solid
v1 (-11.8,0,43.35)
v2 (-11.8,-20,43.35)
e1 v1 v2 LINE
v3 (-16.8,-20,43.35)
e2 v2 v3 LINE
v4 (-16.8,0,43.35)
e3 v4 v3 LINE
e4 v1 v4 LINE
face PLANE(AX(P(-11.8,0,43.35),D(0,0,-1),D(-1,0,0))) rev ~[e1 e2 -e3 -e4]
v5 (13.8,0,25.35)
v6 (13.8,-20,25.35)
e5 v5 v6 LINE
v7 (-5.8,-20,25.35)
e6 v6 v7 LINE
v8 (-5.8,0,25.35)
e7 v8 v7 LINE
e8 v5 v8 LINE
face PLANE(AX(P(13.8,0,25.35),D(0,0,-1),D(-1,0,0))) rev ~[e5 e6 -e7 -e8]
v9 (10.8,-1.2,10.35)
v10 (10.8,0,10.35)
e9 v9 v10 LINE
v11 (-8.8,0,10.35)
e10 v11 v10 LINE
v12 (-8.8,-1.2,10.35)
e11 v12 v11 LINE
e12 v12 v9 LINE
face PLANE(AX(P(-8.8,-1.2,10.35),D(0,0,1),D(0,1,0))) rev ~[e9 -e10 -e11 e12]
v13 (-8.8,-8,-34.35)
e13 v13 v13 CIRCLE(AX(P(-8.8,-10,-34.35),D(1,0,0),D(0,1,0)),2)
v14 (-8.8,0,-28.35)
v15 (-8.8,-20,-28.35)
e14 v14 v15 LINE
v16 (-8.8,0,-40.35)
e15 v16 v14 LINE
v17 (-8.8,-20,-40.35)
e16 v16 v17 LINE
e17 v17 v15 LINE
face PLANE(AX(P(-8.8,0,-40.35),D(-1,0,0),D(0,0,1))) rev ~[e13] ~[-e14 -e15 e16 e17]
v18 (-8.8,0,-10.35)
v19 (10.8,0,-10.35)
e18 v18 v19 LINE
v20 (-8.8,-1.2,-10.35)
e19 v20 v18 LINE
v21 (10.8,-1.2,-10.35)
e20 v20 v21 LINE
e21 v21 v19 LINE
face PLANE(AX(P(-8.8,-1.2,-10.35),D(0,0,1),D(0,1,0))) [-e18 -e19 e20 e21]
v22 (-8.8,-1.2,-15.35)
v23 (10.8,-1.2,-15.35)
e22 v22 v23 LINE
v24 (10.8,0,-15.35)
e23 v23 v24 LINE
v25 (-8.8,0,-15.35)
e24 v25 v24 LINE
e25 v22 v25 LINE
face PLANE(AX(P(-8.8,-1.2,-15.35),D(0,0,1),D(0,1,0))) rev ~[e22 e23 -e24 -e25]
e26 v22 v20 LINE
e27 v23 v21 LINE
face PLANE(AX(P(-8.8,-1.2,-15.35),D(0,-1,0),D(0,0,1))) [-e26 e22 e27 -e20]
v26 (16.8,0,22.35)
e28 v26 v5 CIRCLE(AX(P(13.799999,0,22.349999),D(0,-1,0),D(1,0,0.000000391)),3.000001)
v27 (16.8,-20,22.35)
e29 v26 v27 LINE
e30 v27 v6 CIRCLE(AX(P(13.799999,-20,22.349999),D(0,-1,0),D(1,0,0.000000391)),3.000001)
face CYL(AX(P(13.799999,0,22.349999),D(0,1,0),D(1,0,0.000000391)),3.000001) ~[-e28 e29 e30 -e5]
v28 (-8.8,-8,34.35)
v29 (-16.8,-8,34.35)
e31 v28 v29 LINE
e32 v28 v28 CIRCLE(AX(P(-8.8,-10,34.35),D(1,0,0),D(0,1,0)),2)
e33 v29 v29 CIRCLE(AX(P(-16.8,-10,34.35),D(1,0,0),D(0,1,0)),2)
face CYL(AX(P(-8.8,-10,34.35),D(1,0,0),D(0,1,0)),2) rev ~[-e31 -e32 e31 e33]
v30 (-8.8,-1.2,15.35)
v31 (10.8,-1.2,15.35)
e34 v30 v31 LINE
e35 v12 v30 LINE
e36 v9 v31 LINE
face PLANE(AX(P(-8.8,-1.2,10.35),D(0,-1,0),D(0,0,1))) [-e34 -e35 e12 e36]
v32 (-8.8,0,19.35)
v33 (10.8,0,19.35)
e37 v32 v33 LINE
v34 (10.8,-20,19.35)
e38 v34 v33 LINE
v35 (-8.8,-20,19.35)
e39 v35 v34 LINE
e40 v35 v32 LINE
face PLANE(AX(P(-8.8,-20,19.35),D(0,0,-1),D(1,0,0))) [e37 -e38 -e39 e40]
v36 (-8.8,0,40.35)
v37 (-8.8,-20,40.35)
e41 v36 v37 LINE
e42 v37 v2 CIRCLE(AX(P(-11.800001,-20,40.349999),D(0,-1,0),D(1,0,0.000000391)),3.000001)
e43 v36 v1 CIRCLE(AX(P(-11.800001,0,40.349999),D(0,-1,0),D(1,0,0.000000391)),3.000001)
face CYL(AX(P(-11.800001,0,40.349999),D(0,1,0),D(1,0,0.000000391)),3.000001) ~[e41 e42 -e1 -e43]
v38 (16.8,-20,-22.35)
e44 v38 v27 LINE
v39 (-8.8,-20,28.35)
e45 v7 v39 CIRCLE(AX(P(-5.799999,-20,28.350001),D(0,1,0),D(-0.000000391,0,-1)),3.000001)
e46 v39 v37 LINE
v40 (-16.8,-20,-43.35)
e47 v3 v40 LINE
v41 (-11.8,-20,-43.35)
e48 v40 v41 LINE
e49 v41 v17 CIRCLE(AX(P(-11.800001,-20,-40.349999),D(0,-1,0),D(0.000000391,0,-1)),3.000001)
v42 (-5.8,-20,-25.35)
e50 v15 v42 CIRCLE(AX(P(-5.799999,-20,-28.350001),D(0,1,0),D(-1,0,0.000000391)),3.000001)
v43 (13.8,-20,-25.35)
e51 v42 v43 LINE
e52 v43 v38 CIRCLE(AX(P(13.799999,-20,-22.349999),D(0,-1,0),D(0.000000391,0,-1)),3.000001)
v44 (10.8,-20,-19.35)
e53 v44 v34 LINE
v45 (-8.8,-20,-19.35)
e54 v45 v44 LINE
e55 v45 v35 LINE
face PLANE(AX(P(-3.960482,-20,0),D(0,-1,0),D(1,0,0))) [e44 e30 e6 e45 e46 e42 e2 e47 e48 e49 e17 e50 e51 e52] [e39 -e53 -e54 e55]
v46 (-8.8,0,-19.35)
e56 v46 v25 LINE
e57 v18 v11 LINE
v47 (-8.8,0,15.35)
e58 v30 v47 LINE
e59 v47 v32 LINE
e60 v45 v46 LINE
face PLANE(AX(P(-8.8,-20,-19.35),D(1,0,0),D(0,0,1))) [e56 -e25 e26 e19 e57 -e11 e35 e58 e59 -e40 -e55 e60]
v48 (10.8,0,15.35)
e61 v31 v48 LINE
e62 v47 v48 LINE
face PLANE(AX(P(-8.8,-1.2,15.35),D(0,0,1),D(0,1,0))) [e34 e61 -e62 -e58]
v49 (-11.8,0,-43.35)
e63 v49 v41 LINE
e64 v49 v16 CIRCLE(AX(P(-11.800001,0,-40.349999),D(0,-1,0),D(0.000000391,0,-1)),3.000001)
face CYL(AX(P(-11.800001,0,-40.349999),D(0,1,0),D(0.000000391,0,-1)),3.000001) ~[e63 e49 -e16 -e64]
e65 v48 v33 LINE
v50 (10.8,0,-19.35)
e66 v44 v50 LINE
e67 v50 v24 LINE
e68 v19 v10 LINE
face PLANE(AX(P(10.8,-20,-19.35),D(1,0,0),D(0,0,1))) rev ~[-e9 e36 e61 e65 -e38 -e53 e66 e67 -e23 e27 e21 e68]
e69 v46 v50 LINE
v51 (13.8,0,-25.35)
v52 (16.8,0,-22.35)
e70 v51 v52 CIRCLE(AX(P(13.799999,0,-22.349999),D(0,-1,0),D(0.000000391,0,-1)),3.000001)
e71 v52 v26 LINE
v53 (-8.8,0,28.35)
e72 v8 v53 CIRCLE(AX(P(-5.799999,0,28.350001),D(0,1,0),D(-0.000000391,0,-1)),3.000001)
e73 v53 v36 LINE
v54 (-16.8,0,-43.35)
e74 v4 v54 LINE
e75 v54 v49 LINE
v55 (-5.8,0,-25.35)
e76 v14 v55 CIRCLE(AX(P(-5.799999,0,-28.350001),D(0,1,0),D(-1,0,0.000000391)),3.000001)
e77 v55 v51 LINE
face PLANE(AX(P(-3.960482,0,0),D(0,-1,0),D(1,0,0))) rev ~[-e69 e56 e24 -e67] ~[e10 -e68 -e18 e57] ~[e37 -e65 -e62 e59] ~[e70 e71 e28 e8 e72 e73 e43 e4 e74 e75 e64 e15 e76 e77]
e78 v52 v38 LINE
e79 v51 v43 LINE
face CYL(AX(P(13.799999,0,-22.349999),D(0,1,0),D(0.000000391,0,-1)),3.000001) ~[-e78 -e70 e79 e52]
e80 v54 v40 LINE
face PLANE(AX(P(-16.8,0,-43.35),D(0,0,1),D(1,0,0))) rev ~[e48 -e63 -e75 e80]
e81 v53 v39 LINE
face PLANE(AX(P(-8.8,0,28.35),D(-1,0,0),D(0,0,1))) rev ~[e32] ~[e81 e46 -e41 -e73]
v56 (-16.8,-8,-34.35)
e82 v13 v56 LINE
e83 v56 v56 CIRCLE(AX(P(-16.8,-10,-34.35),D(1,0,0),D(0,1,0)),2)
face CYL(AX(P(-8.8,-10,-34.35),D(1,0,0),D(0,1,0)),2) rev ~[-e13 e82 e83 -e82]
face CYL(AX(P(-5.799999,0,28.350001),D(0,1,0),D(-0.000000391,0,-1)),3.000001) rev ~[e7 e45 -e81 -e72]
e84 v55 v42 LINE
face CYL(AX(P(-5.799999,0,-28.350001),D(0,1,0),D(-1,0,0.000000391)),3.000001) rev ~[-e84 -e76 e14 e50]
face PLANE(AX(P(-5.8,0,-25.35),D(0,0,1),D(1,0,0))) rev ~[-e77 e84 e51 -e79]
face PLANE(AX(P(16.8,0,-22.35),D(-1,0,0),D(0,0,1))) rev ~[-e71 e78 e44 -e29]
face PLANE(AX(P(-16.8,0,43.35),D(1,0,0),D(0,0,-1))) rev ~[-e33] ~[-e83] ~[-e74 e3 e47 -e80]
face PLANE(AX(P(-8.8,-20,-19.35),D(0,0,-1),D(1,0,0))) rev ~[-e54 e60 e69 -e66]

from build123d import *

# Parameters (mm, degrees)
F1_DEPTH = 20
F2_W     = 19.6
F2_H     = 38.7
F3_DEPTH = 25
F4_R     = 2
F5_DEPTH = 25
F6_W     = 1.2
F6_H     = 5
F7_DEPTH = 19.6


with BuildPart() as f1:
    # F0 (on Front) → F1 (new body)
    with BuildSketch(Plane.XZ):
        with BuildLine():
            Line((-5.8, -25.35), (13.8, -25.35))
            ThreePointArc((13.8, -25.35), (15.92132, -24.47132), (16.8, -22.35))
            Line((16.8, -22.35), (16.8, 22.35))
            ThreePointArc((16.8, 22.35), (15.92132, 24.47132), (13.8, 25.35))
            Line((13.8, 25.35), (-5.8, 25.35))
            ThreePointArc((-5.8, 25.35), (-7.92132, 26.22868), (-8.8, 28.35))
            Line((-8.8, 28.35), (-8.8, 40.35))
            ThreePointArc((-8.8, 40.35), (-9.67868, 42.47132), (-11.8, 43.35))
            Line((-11.8, 43.35), (-16.8, 43.35))
            Line((-16.8, 43.35), (-16.8, 25.35))
            Line((-16.8, 25.35), (-16.8, -25.35))
            Line((-16.8, -25.35), (-16.8, -43.35))
            Line((-16.8, -43.35), (-11.8, -43.35))
            ThreePointArc((-11.8, -43.35), (-9.67868, -42.47132), (-8.8, -40.35))
            Line((-8.8, -40.35), (-8.8, -28.35))
            ThreePointArc((-8.8, -28.35), (-7.92132, -26.22868), (-5.8, -25.35))
        make_face()
    extrude(amount=F1_DEPTH)

    # F2 (on face) → F3 (cut)
    with BuildSketch(Plane.XZ.offset(20)):
        with Locations((1, 0)):
            Rectangle(F2_W, F2_H)
    extrude(amount=-F3_DEPTH, mode=Mode.SUBTRACT)

    # F4 (on face) → F5 (cut)
    with BuildSketch(Plane.YZ.offset(-8.8)):
        with Locations((-10, 34.35)):
            Circle(F4_R)
        with Locations((-10, -34.35)):
            Circle(F4_R)
    extrude(amount=-F5_DEPTH, mode=Mode.SUBTRACT)

    # F6 (on face) → F7 (join, through all)
    with BuildSketch(Plane.YZ.offset(-8.8)):
        with Locations((-0.6, 12.85)):
            Rectangle(F6_W, F6_H)
        with Locations((-0.6, -12.85)):
            Rectangle(F6_W, F6_H)
    extrude(amount=F7_DEPTH)


solid = f1.part
